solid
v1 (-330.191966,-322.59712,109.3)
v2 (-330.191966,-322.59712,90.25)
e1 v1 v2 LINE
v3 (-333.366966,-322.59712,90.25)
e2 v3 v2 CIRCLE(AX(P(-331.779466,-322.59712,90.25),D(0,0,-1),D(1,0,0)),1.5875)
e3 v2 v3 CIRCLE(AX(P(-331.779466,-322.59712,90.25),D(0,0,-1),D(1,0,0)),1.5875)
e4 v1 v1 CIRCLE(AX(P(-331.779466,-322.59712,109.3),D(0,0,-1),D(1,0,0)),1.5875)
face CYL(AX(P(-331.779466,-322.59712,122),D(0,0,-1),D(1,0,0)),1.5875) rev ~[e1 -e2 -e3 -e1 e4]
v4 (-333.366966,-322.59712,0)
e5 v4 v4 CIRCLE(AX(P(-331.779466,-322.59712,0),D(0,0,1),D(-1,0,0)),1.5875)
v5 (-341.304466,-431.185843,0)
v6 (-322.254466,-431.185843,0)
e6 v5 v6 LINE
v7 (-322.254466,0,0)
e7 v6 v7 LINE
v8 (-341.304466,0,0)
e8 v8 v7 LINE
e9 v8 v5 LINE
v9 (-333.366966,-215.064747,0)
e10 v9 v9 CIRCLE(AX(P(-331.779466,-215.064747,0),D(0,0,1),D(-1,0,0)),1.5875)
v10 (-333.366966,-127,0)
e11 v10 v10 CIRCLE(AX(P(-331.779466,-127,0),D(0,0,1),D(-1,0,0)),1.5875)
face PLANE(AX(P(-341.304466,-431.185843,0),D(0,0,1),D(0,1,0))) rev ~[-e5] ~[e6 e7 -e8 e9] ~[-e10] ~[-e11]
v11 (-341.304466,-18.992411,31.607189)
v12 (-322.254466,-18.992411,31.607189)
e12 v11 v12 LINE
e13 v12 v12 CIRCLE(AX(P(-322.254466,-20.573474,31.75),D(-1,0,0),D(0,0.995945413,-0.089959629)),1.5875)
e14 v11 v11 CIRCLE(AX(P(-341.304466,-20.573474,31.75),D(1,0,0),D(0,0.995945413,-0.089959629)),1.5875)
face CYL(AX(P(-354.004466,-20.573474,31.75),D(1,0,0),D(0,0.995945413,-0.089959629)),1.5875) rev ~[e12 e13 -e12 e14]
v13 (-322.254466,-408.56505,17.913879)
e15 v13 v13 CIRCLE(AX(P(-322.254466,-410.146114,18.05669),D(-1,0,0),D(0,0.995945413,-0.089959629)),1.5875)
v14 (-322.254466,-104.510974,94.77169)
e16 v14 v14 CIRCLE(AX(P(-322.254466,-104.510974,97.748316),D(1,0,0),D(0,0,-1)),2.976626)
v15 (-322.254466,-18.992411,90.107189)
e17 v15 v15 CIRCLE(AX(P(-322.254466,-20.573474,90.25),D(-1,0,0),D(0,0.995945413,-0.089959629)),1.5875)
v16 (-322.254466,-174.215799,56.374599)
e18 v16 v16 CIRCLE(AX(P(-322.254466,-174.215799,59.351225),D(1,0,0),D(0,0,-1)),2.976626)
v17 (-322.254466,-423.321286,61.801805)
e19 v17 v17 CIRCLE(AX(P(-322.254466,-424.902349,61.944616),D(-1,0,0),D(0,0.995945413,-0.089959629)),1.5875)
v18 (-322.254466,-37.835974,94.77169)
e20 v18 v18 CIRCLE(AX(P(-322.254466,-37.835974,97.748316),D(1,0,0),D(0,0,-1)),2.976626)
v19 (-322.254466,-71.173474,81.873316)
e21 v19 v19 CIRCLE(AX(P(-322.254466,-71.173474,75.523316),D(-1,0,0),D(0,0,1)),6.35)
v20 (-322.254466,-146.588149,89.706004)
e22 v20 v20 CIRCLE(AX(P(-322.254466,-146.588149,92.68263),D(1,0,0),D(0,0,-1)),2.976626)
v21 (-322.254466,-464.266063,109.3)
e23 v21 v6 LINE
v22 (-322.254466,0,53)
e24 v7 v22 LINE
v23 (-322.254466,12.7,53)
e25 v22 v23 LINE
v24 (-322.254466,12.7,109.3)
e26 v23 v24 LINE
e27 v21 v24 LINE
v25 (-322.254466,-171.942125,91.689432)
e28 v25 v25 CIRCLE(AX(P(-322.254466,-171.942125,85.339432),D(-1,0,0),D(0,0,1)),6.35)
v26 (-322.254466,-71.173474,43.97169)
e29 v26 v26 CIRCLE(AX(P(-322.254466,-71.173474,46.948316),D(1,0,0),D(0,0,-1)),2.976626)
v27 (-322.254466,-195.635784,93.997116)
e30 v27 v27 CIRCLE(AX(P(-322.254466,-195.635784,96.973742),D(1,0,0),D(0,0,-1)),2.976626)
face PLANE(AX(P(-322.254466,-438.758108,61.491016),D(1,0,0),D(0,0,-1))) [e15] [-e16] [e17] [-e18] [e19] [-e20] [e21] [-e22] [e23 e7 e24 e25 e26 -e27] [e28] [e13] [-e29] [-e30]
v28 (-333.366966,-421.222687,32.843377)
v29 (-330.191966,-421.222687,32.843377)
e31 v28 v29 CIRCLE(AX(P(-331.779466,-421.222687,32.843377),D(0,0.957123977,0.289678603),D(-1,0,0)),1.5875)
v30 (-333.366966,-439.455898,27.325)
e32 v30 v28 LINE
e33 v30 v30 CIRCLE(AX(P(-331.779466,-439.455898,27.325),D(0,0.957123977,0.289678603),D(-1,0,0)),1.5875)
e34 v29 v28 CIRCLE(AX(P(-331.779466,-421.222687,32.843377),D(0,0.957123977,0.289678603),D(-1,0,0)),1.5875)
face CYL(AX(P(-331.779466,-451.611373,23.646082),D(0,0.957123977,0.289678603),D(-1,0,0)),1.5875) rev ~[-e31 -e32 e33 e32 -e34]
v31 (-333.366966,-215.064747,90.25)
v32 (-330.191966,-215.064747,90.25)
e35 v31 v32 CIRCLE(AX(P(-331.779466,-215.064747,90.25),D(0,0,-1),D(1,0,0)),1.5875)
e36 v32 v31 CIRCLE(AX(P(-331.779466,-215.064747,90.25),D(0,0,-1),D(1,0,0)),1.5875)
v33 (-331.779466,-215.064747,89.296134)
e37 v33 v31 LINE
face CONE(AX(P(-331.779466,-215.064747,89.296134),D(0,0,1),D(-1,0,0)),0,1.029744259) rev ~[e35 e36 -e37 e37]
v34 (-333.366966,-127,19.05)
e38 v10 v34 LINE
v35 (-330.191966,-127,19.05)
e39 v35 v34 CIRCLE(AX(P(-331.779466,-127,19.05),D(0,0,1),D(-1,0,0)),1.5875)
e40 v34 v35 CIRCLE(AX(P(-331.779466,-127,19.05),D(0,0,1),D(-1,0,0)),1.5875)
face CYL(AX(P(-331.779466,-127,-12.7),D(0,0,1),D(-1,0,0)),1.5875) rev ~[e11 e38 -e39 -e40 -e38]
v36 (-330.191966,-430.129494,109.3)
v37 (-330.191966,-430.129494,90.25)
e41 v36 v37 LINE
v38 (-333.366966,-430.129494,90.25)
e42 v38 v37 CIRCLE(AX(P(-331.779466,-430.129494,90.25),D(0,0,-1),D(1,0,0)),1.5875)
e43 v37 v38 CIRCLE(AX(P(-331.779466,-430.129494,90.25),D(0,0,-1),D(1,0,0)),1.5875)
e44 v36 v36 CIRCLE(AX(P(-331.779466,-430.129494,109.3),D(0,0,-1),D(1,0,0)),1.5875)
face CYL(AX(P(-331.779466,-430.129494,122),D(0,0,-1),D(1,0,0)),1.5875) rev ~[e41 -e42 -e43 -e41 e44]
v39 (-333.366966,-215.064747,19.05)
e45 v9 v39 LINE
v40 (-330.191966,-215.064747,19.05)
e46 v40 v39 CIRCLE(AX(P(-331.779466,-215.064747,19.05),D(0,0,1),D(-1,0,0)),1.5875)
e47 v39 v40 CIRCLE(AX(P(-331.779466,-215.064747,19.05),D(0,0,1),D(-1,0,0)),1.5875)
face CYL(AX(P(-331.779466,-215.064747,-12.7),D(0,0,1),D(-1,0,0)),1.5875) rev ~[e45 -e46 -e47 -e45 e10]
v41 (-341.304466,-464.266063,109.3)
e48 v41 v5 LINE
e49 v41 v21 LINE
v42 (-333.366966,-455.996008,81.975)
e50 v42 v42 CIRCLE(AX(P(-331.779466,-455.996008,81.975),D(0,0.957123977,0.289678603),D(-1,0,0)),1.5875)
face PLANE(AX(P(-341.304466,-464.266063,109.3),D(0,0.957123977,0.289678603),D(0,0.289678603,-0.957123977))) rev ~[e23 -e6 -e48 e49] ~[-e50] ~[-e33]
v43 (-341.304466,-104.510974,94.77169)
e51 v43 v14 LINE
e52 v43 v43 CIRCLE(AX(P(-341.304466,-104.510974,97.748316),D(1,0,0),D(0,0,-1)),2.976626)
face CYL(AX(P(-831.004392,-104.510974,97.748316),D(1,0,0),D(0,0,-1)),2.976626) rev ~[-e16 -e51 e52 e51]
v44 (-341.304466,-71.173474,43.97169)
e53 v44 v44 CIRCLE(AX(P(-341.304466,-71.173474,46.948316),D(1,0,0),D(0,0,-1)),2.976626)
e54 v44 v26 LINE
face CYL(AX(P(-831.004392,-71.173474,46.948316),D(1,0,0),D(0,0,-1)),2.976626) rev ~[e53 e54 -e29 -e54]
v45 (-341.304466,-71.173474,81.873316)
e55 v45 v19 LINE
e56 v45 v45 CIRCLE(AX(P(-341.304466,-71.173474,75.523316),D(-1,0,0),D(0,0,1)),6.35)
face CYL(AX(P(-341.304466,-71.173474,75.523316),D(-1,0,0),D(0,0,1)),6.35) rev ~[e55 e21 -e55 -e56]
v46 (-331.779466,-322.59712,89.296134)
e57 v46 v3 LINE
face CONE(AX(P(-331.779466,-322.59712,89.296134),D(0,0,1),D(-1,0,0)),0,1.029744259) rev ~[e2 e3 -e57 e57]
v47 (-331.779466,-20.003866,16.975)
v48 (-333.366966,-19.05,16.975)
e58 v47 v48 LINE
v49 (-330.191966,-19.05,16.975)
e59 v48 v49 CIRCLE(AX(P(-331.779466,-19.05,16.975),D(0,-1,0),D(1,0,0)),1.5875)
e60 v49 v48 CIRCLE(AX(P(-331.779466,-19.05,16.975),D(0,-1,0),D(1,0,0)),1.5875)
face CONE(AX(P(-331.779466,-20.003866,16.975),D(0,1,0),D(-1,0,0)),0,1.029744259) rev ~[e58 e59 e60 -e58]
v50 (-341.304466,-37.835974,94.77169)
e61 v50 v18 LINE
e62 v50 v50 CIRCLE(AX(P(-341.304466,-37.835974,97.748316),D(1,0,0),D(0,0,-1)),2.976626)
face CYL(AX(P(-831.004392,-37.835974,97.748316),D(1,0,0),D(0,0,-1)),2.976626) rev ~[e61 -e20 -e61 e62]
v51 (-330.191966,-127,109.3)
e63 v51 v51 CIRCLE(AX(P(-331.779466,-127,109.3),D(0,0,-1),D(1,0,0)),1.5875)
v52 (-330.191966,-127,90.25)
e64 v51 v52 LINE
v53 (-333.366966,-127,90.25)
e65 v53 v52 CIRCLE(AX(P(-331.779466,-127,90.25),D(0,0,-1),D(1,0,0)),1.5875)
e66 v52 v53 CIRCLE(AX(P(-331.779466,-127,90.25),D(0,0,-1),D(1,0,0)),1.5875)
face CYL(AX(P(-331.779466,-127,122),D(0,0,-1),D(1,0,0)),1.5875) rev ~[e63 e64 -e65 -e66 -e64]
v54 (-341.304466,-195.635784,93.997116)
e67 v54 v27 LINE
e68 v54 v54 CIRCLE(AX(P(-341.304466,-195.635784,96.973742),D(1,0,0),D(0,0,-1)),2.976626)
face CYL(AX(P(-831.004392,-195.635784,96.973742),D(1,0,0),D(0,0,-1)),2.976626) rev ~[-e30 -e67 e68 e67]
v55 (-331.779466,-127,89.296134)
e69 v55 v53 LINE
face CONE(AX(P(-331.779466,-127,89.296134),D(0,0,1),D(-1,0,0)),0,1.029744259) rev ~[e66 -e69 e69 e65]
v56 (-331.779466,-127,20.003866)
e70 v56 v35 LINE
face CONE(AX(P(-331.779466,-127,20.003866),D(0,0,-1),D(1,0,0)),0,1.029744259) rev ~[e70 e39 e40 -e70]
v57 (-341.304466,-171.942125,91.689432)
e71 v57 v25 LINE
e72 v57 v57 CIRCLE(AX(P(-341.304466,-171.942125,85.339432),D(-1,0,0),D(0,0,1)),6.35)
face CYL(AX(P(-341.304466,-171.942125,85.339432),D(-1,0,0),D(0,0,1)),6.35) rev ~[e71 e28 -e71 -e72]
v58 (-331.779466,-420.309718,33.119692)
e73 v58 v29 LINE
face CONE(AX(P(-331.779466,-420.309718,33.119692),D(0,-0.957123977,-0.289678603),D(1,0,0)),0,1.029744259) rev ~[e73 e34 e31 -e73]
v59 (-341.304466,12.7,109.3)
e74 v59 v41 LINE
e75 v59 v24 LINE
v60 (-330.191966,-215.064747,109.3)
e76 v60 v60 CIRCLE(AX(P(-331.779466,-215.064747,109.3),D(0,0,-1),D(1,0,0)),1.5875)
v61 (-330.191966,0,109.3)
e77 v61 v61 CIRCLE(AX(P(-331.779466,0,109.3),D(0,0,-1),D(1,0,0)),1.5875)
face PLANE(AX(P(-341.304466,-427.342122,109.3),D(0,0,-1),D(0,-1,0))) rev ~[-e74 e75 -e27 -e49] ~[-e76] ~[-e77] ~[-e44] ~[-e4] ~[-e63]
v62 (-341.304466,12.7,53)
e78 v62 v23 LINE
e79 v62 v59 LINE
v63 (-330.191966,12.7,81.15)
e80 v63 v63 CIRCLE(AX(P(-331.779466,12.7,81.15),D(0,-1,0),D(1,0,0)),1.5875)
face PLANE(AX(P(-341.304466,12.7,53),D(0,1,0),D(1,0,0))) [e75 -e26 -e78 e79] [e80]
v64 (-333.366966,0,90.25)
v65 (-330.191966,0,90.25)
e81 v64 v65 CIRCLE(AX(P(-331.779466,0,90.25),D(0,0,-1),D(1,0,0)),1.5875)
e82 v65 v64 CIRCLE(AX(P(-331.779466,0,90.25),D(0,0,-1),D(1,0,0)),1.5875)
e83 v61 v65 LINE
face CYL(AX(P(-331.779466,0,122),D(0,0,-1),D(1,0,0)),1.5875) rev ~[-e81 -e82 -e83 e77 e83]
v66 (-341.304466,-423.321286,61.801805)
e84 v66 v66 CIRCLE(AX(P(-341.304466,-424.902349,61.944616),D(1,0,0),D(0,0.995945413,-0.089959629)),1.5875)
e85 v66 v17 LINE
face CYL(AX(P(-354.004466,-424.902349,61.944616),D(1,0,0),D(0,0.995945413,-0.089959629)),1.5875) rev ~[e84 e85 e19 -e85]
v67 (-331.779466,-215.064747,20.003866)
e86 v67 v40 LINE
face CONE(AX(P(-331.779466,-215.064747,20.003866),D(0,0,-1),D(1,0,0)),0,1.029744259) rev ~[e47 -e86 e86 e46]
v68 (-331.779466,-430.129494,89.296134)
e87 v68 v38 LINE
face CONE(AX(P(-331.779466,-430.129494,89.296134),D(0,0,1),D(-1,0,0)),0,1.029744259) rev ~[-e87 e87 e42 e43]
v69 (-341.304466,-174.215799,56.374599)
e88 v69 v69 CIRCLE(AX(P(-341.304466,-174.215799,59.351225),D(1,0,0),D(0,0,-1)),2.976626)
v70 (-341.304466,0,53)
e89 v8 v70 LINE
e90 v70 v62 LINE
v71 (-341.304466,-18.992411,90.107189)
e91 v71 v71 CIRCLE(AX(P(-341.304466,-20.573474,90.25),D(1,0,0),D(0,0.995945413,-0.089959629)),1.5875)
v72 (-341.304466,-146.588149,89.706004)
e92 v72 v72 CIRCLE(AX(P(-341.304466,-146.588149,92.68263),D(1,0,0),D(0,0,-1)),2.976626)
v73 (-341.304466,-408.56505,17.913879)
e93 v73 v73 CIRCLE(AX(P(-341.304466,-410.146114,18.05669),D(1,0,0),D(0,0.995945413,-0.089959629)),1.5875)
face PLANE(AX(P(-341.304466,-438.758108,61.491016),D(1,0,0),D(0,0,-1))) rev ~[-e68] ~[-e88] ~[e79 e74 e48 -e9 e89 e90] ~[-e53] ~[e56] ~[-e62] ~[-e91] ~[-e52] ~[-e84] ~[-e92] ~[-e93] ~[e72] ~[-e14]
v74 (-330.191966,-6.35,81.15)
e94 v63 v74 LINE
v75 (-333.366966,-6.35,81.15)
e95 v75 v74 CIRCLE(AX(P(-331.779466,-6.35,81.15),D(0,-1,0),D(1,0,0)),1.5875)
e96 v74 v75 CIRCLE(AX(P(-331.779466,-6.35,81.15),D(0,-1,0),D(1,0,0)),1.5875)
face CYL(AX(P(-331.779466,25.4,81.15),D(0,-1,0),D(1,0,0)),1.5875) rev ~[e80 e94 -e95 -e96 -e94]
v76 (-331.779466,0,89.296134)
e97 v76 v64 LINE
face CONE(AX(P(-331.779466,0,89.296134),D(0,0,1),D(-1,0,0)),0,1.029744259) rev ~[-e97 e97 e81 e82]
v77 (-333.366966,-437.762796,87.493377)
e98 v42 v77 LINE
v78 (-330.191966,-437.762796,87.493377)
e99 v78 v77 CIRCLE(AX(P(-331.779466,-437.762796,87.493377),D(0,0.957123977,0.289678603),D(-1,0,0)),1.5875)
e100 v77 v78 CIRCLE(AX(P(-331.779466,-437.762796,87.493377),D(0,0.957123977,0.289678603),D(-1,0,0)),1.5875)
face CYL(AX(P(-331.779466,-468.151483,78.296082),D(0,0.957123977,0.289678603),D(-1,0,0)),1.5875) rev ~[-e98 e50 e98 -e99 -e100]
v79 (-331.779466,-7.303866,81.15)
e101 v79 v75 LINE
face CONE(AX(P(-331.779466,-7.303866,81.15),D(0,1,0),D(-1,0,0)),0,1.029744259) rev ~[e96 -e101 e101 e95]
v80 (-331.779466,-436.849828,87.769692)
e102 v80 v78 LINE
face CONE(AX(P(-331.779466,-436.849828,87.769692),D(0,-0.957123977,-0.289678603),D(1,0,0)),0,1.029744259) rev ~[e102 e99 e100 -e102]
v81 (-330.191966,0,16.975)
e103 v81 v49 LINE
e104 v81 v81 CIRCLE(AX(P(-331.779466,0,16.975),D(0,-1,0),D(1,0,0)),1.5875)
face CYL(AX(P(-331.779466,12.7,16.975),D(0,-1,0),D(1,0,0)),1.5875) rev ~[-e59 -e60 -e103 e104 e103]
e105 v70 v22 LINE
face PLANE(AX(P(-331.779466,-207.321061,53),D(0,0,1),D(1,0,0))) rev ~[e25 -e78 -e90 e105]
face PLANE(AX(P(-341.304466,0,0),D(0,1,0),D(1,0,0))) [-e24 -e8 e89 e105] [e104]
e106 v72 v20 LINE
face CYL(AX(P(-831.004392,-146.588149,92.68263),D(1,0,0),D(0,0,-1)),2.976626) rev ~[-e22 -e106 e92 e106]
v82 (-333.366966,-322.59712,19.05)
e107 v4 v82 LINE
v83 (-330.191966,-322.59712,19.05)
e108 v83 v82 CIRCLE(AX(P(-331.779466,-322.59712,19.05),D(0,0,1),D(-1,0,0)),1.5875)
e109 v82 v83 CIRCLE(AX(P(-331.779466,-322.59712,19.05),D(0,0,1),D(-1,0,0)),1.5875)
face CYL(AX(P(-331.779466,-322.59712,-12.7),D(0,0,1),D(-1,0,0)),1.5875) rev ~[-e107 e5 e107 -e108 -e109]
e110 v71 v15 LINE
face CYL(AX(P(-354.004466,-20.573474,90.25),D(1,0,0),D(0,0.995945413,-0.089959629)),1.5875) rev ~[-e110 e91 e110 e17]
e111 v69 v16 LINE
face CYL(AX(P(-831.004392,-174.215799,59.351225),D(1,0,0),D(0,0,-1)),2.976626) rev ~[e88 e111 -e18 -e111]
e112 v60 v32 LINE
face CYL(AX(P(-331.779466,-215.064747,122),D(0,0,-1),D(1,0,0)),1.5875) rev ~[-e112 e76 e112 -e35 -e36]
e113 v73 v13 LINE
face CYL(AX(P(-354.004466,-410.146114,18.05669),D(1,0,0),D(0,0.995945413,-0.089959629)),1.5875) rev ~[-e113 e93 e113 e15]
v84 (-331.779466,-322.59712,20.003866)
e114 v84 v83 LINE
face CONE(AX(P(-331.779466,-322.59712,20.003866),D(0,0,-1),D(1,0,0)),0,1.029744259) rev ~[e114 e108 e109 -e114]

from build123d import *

# Parameters (mm, degrees)
SKETCH1_W                        = 19.05
SKETCH1_H                        = 427.342121692
BOSS_EXTRUDE1_DEPTH              = 53
SKETCH2_W                        = 19.05
SKETCH2_H                        = 440.042121692
BOSS_EXTRUDE2_DEPTH              = 56.3
BOSS_EXTRUDE3_DEPTH              = 19.05
F_15_64_0_23438_DIAMETER_HOLE1_D = 5.953252
SKETCH4_R                        = 6.35
CUT_EXTRUDE1_DEPTH               = 20.05
HOLE1_D                          = 3.175
HOLE1_DEPTH                      = 31.75
HOLE1_CSINK_D                    = 10.16
HOLE1_CSINK_ANGLE                = 82
HOLE1_TIP                        = 0.953866233
HOLE_D                           = 3.175
HOLE_DEPTH                       = 31.75
HOLE_CSINK_D                     = 10.16
HOLE_CSINK_ANGLE                 = 82
HOLE_TIP                         = 0.953866233
HOLE3_D                          = 3.175
HOLE3_DEPTH                      = 31.75
HOLE3_CSINK_D                    = 10.16
HOLE3_CSINK_ANGLE                = 82
HOLE3_TIP                        = 0.953866233
HOLE4_D                          = 3.175
HOLE4_DEPTH                      = 31.75
HOLE4_CSINK_D                    = 10.16
HOLE4_CSINK_ANGLE                = 82
HOLE4_TIP                        = 0.953866233
HOLE5_D                          = 3.175
HOLE5_DEPTH                      = 31.75
HOLE5_CSINK_D                    = 10.16
HOLE5_CSINK_ANGLE                = 82
HOLE5_TIP                        = 0.953866233
HOLE6_D                          = 3.175
HOLE6_DEPTH                      = 31.75
HOLE6_CSINK_D                    = 10.16
HOLE6_CSINK_ANGLE                = 82
HOLE6_TIP                        = 0.953866233


with BuildPart() as part:
    # Sketch1 → Boss-Extrude1 (new body)
    with BuildSketch(Plane.XY):
        with Locations((-331.779465963, -213.671060846)):
            Rectangle(SKETCH1_W, SKETCH1_H)
    extrude(amount=BOSS_EXTRUDE1_DEPTH)

    # Sketch2 → Boss-Extrude2 (add)
    with BuildSketch(Plane.XY.offset(53)):
        with Locations((-331.779465963, -207.321060846)):
            Rectangle(SKETCH2_W, SKETCH2_H)
    extrude(amount=BOSS_EXTRUDE2_DEPTH)

    # Sketch3 → Boss-Extrude3 (add, through all)
    with BuildSketch(Plane.ZY.offset(341.304465963)):
        Polygon((0, -427.342121692), (109.3, -427.342121692), (109.3, -464.26606302), (0, -431.185843453), align=None)
    extrude(amount=-BOSS_EXTRUDE3_DEPTH)

    # 15/64 (0.23438) Diameter Hole1 (through all)
    with Locations(Plane.ZY.offset(341.304465963)):
        with Locations((97.748316108, -37.83597394), (97.748316108, -104.51097394), (46.948316108, -71.17347394), (92.682630332, -146.588148739), (96.973742428, -195.635784431), (59.351224796, -174.21579854)):
            Hole(F_15_64_0_23438_DIAMETER_HOLE1_D / 2)

    # Sketch4 → Cut-Extrude1 (cut, through all)
    with BuildSketch(Plane.ZY.offset(341.304465963)):
        with Locations((75.523316108, -71.17347394)):
            Circle(SKETCH4_R)
        with Locations((85.33943188, -171.942125034)):
            Circle(SKETCH4_R)
    extrude(amount=-CUT_EXTRUDE1_DEPTH, mode=Mode.SUBTRACT)

    # Hole1
    with Locations(Plane(origin=(-124.004465969, 10.424290059, 122), x_dir=(-1, 0, 0), z_dir=(0, 0, 1))):
        with Locations((113.649999994, 128.807623392), (113.649999994, 23.940956725), (-94.599999994, 161.374290059), (94.599999994, 161.374290059), (0, 161.374290059), (0, 193.124290059), (0, 440.553783621), (0, 301.970350905), (40.979166666, 301.970350905), (166.795833328, 301.970350905), (207.774999994, 440.553783621), (207.774999994, 333.02141023), (207.774999994, 225.48903684), (207.774999994, 137.424290059), (207.774999994, 10.424290059), (-207.774999994, 10.424290059), (-207.774999994, 137.424290059), (-207.774999994, 225.48903684), (-207.774999994, 333.02141023), (-207.774999994, 440.553783621), (-166.795833328, 301.970350905), (-40.979166666, 301.970350905), (-113.649999994, 23.940956725), (-113.649999994, 128.807623392)):
            CounterSinkHole(HOLE1_D / 2, HOLE1_CSINK_D / 2, depth=HOLE1_DEPTH, counter_sink_angle=HOLE1_CSINK_ANGLE)
            with Locations((0, 0, -(HOLE1_DEPTH + HOLE1_TIP / 2))):  # 118° drill point
                Cone(0, HOLE1_D / 2, HOLE1_TIP, mode=Mode.SUBTRACT)

    # Hole
    with Locations(Plane(origin=(-124.004465969, 25.4, -155.286738577), x_dir=(-1, 0, 0), z_dir=(0, 1, 0))):
        with Locations((113.649999994, 236.436738577), (207.774999994, 236.436738577)):
            CounterSinkHole(HOLE_D / 2, HOLE_CSINK_D / 2, depth=HOLE_DEPTH, counter_sink_angle=HOLE_CSINK_ANGLE)
            with Locations((0, 0, -(HOLE_DEPTH + HOLE_TIP / 2))):  # 118° drill point
                Cone(0, HOLE_D / 2, HOLE_TIP, mode=Mode.SUBTRACT)

    # Hole3
    with Locations(Plane(origin=(-124.004465969, 12.7, -155.286738577), x_dir=(-1, 0, 0), z_dir=(0, 1, 0))):
        with Locations((207.774999994, 172.261738577), (126.349999994, 172.261738577)):
            CounterSinkHole(HOLE3_D / 2, HOLE3_CSINK_D / 2, depth=HOLE3_DEPTH, counter_sink_angle=HOLE3_CSINK_ANGLE)
            with Locations((0, 0, -(HOLE3_DEPTH + HOLE3_TIP / 2))):  # 118° drill point
                Cone(0, HOLE3_D / 2, HOLE3_TIP, mode=Mode.SUBTRACT)

    # Hole4
    with Locations(Plane(origin=(-124.004465969, 10.424290059, -12.7), x_dir=(1, 0, 0), z_dir=(0, 0, -1))):
        with Locations((-207.774999994, 333.02141023), (-207.774999994, 225.48903684), (-207.774999994, 137.424290059), (-172.166666661, 4.074290059), (-146.083333327, 4.074290059), (-94.599999994, 161.374290059), (0, 161.374290059), (94.599999994, 161.374290059), (146.083333327, 4.074290059), (172.166666661, 4.074290059), (207.774999994, 137.424290059), (207.774999994, 225.48903684), (207.774999994, 333.02141023), (166.795833328, 301.970350905), (40.979166666, 301.970350905), (-40.979166666, 301.970350905), (-166.795833328, 301.970350905), (0, 193.124290059), (0, 301.970350905), (0, 412.366411751), (-126.349999994, 106.824290059), (-126.349999994, 58.624290059), (126.349999994, 58.624290059), (126.349999994, 106.824290059)):
            CounterSinkHole(HOLE4_D / 2, HOLE4_CSINK_D / 2, depth=HOLE4_DEPTH, counter_sink_angle=HOLE4_CSINK_ANGLE)
            with Locations((0, 0, -(HOLE4_DEPTH + HOLE4_TIP / 2))):  # 118° drill point
                Cone(0, HOLE4_D / 2, HOLE4_TIP, mode=Mode.SUBTRACT)

    # Hole5
    with Locations(Plane(origin=(-124.004465969, -363.229637966, -268.375064111), x_dir=(1, 0, 0), z_dir=(0, -0.957123977, -0.289678603))):
        with Locations((207.774999994, 613.051808534), (-207.774999994, 613.051808534), (-207.774999994, 456.277103296), (-207.774999994, 769.826513772), (-108.649999997, 456.277103296), (-108.649999997, 630.126513772), (-108.649999997, 769.826513772), (-207.774999994, 362.200879148), (-207.774999994, 305.10273792), (0, 305.10273792), (0, 362.200879148), (207.774999994, 305.10273792), (207.774999994, 362.200879148), (108.649999997, 769.826513772), (108.649999997, 630.126513772), (108.649999997, 456.277103296), (207.774999994, 769.826513772), (207.774999994, 456.277103296)):
            CounterSinkHole(HOLE5_D / 2, HOLE5_CSINK_D / 2, depth=HOLE5_DEPTH, counter_sink_angle=HOLE5_CSINK_ANGLE)
            with Locations((0, 0, -(HOLE5_DEPTH + HOLE5_TIP / 2))):  # 118° drill point
                Cone(0, HOLE5_D / 2, HOLE5_TIP, mode=Mode.SUBTRACT)

    # Hole6
    with Locations(Plane(origin=(-354.004465963, 10.424290059, -155.286738577), x_dir=(0, -0.995945413, 0.089959629), z_dir=(-1, 0, 0))):
        with Locations((637.870011036, 553.595098153), (52.960474704, 241.752641108), (47.697836423, 183.489834462), (434.459074831, 134.806234549), (453.103621196, 177.188747915), (478.414399376, 275.292665941), (488.870508314, 435.756794718), (636.071223534, 609.111420407), (609.449424187, 543.22015483), (559.371199386, 359.303721429), (507.038658285, 229.776136946)):
            CounterSinkHole(HOLE6_D / 2, HOLE6_CSINK_D / 2, depth=HOLE6_DEPTH, counter_sink_angle=HOLE6_CSINK_ANGLE)
            with Locations((0, 0, -(HOLE6_DEPTH + HOLE6_TIP / 2))):  # 118° drill point
                Cone(0, HOLE6_D / 2, HOLE6_TIP, mode=Mode.SUBTRACT)


solid = part.part
